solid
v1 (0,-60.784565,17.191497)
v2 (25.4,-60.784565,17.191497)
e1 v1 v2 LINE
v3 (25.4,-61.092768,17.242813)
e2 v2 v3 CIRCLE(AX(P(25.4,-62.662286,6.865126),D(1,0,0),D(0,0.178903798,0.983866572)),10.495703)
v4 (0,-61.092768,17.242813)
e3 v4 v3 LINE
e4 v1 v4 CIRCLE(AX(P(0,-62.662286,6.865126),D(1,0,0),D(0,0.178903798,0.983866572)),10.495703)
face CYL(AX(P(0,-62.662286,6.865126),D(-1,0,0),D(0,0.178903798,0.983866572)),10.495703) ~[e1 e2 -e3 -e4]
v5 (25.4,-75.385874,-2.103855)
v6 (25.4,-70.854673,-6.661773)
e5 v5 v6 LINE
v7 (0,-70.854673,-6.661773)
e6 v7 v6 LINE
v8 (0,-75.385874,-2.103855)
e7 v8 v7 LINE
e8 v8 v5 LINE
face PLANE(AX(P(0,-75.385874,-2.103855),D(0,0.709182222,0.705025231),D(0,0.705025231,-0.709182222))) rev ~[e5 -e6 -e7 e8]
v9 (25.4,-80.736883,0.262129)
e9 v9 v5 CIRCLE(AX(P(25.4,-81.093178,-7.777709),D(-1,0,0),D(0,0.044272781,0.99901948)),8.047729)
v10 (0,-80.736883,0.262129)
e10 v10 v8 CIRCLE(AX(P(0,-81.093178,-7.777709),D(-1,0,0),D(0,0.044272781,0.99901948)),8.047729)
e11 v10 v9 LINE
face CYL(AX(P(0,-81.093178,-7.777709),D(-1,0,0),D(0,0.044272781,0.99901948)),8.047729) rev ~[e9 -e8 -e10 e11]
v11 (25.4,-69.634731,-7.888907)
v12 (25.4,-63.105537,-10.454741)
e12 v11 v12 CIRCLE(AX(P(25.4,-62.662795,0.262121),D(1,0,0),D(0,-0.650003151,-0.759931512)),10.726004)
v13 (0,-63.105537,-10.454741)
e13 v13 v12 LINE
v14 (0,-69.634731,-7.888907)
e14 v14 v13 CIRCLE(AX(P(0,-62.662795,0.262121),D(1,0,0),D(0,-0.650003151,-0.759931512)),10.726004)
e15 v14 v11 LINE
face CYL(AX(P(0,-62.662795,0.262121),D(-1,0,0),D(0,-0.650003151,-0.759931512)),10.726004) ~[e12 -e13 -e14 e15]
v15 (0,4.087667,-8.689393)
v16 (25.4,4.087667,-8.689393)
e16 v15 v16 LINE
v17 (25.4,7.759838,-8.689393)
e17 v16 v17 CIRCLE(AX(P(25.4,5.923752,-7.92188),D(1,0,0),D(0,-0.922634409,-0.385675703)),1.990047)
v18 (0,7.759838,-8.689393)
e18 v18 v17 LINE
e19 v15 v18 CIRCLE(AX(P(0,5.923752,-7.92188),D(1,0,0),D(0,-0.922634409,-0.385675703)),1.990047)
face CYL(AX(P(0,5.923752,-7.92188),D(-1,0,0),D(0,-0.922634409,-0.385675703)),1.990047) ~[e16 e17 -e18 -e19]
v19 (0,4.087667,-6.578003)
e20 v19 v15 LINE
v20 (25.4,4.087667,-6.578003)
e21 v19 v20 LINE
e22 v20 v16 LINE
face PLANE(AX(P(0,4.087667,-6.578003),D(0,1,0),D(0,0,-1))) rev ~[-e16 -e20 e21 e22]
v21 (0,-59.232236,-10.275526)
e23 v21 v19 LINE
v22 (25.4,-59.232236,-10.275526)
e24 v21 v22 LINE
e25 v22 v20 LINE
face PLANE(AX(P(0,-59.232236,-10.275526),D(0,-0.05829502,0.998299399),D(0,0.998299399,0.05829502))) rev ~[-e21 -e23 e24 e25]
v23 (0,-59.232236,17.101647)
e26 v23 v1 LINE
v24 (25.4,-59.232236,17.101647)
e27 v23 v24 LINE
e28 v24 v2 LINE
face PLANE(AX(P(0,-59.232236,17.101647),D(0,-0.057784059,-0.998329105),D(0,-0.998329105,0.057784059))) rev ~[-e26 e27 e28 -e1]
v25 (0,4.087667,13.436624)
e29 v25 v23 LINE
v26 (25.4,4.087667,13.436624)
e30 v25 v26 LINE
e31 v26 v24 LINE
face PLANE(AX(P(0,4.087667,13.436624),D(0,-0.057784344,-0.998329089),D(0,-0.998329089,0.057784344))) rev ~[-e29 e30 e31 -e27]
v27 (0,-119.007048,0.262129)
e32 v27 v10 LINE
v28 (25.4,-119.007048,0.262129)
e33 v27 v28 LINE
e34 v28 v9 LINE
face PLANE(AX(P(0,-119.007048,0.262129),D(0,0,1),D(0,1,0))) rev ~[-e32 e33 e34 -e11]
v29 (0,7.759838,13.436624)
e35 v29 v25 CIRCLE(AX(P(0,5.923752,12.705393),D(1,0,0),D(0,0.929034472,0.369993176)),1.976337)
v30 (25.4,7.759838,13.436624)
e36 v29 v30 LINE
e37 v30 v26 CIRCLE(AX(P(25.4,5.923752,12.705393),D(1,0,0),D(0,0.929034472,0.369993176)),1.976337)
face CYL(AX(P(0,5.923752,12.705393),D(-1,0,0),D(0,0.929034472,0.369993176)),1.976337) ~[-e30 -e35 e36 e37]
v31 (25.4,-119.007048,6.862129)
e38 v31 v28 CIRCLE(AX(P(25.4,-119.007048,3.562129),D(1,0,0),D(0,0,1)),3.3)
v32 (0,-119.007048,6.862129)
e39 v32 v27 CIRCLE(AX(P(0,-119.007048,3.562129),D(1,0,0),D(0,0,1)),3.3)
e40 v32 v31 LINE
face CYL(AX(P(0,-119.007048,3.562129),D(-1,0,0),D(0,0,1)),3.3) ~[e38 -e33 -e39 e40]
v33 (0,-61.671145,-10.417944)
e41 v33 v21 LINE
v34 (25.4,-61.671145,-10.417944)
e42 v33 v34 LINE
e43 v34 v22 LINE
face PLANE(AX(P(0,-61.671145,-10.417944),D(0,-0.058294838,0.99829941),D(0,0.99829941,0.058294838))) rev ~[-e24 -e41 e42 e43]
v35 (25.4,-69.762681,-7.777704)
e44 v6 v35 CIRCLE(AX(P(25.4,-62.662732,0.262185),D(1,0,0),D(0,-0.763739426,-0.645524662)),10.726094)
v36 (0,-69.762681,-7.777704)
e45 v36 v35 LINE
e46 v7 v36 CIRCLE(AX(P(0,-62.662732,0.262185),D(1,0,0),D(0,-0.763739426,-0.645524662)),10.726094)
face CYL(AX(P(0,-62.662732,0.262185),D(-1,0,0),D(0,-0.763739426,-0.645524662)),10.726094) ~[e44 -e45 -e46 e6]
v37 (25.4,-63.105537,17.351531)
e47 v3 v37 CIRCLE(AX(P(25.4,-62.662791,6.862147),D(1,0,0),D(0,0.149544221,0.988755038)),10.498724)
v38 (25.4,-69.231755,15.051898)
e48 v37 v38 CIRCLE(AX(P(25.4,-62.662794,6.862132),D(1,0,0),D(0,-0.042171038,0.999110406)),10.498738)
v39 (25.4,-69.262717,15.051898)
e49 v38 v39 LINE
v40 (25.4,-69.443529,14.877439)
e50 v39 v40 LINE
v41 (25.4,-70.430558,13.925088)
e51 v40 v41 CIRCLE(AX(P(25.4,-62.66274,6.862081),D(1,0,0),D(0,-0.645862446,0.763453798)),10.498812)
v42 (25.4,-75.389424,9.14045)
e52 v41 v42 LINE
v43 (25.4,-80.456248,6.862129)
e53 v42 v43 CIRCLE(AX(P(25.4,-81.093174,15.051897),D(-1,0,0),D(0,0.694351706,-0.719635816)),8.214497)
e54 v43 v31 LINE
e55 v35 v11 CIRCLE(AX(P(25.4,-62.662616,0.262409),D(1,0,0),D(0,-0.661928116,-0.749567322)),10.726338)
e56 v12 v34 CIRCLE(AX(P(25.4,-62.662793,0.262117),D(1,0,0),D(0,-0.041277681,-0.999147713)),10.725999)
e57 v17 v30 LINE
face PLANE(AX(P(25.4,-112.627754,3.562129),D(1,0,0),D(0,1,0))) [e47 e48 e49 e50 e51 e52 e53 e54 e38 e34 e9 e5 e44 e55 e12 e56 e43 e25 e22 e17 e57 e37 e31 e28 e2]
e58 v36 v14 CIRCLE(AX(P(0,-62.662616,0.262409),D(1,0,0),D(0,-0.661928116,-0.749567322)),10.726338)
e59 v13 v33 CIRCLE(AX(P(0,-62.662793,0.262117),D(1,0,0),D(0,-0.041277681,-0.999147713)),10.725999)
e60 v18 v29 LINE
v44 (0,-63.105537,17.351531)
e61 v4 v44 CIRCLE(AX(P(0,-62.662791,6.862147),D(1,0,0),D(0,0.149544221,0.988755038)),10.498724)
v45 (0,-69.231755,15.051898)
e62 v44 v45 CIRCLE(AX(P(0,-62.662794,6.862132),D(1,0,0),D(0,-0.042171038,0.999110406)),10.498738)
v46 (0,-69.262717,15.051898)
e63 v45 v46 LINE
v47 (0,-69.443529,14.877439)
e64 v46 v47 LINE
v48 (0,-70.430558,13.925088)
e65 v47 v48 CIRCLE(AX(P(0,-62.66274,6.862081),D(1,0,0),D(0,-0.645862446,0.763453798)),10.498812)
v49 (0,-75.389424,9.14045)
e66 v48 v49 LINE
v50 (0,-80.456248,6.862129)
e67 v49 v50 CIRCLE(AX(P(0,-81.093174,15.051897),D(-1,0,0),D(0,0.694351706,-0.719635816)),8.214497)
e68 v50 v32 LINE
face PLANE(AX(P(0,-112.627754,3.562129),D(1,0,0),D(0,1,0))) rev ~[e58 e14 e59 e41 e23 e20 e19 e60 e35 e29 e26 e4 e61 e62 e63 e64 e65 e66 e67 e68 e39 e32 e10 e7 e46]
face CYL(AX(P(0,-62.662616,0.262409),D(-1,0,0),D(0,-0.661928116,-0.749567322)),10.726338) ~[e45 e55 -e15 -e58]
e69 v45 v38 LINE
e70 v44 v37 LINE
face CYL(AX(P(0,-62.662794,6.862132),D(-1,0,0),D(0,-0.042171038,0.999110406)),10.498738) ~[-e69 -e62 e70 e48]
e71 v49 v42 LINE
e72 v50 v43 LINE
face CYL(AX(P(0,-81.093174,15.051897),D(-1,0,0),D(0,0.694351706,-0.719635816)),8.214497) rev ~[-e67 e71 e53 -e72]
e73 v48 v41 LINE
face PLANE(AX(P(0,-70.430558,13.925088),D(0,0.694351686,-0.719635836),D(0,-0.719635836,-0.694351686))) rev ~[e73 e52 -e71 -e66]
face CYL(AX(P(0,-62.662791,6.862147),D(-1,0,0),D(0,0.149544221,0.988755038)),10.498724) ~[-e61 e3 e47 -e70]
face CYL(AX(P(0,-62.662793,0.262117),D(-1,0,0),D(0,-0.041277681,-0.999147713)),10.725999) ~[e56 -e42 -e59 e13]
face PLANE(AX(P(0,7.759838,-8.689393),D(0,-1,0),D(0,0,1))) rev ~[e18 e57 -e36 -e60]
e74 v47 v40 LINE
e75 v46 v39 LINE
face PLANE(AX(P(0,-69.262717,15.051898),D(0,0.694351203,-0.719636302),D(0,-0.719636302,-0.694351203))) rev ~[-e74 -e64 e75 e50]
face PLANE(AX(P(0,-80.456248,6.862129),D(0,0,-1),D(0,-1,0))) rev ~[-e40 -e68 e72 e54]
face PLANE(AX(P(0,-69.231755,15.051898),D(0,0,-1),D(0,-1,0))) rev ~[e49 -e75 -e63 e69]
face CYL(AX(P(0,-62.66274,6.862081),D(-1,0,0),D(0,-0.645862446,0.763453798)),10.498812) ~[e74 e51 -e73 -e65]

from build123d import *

# Parameters (mm, degrees)
F1_DEPTH = 25.4


with BuildPart() as f1:
    # F0 (on Right) → F1 (new body)
    with BuildSketch(Plane.YZ):
        with BuildLine():
            Line((-104.369102, 6.862129), (-119.007048, 6.862129))
            ThreePointArc((-119.007048, 6.862129), (-122.307048, 3.562129), (-119.007048, 0.262129))
            Line((-119.007048, 0.262129), (-104.369102, 0.262129))
            Line((-104.369102, 0.262129), (-104.369102, 6.862129))
        make_face()
        with BuildLine():
            Line((-81.730104, 6.862129), (-104.369102, 6.862129))
            Line((-104.369102, 6.862129), (-104.369102, 0.262129))
            Line((-104.369102, 0.262129), (-81.449468, 0.262129))
            ThreePointArc((-81.449468, 0.262129), (-81.271366, 0.268046), (-81.093176, 0.270019))
            Line((-81.093176, 0.270019), (-81.093176, 6.837399))
            ThreePointArc((-81.093176, 6.837399), (-81.41188, 6.843583), (-81.730104, 6.862129))
        make_face()
        with BuildLine():
            Line((-81.093176, 6.862129), (-81.730104, 6.862129))
            ThreePointArc((-81.730104, 6.862129), (-81.41188, 6.843583), (-81.093176, 6.837399))
            Line((-81.093176, 6.837399), (-81.093176, 6.862129))
        make_face()
        with BuildLine():
            Line((-80.456248, 6.862129), (-81.093176, 6.862129))
            Line((-81.093176, 6.862129), (-81.093176, 6.837399))
            ThreePointArc((-81.093176, 6.837399), (-80.774472, 6.843583), (-80.456248, 6.862129))
        make_face()
        with BuildLine():
            ThreePointArc((-80.456248, 6.862129), (-80.774472, 6.843583), (-81.093176, 6.837399))
            Line((-81.093176, 6.837399), (-81.093176, 0.270019))
            ThreePointArc((-81.093176, 0.270019), (-80.914986, 0.268046), (-80.736883, 0.262129))
            ThreePointArc((-80.736883, 0.262129), (-77.838754, -0.417365), (-75.385874, -2.103855))
            Line((-75.385874, -2.103855), (-70.854673, -6.661773))
            Line((-70.854673, -6.661773), (-69.745283, -7.777704))
            Line((-69.745283, -7.777704), (-69.634731, -7.888907))
            ThreePointArc((-69.634731, -7.888907), (-66.585834, -9.72071), (-63.105537, -10.454741))
            Line((-63.105537, -10.454741), (-63.105537, 17.351531))
            ThreePointArc((-63.105537, 17.351531), (-66.352384, 16.691193), (-69.231755, 15.051898))
            ThreePointArc((-69.231755, 15.051898), (-69.338212, 14.96536), (-69.443529, 14.877439))
            Line((-69.443529, 14.877439), (-70.430558, 13.925088))
            Line((-70.430558, 13.925088), (-75.389424, 9.14045))
            ThreePointArc((-75.389424, 9.14045), (-77.724386, 7.559952), (-80.456248, 6.862129))
        make_face()
        with BuildLine():
            ThreePointArc((-81.093176, 0.270019), (-81.271366, 0.268046), (-81.449468, 0.262129))
            Line((-81.449468, 0.262129), (-81.093176, 0.262129))
            Line((-81.093176, 0.262129), (-81.093176, 0.270019))
        make_face()
        with BuildLine():
            ThreePointArc((-80.736883, 0.262129), (-80.914986, 0.268046), (-81.093176, 0.270019))
            Line((-81.093176, 0.270019), (-81.093176, 0.262129))
            Line((-81.093176, 0.262129), (-80.736883, 0.262129))
        make_face()
        with BuildLine():
            ThreePointArc((-69.443529, 14.877439), (-69.952612, 14.417399), (-70.430558, 13.925088))
            Line((-70.430558, 13.925088), (-69.443529, 14.877439))
        make_face()
        with BuildLine():
            Line((-69.262717, 15.051898), (-69.443529, 14.877439))
            ThreePointArc((-69.443529, 14.877439), (-69.338212, 14.96536), (-69.231755, 15.051898))
            Line((-69.231755, 15.051898), (-69.262717, 15.051898))
        make_face()
        with BuildLine():
            Line((-69.745283, -7.777704), (-70.854673, -6.661773))
            ThreePointArc((-70.854673, -6.661773), (-70.329009, -7.239634), (-69.762681, -7.777704))
            Line((-69.762681, -7.777704), (-69.745283, -7.777704))
        make_face()
        with BuildLine():
            Line((-69.634731, -7.888907), (-69.745283, -7.777704))
            Line((-69.745283, -7.777704), (-69.762681, -7.777704))
            ThreePointArc((-69.762681, -7.777704), (-69.698926, -7.833558), (-69.634731, -7.888907))
        make_face()
        with BuildLine():
            ThreePointArc((-61.092768, 17.242813), (-62.096537, 17.345589), (-63.105537, 17.351531))
            Line((-63.105537, 17.351531), (-63.105537, -10.454741))
            ThreePointArc((-63.105537, -10.454741), (-62.387725, -10.460355), (-61.671145, -10.417944))
            Line((-61.671145, -10.417944), (-59.232236, -10.275526))
            Line((-59.232236, -10.275526), (-59.232236, 3.41306))
            Line((-59.232236, 3.41306), (-59.232236, 17.101647))
            Line((-59.232236, 17.101647), (-60.784565, 17.191497))
            Line((-60.784565, 17.191497), (-61.671145, 17.242813))
            Line((-61.671145, 17.242813), (-61.092768, 17.242813))
        make_face()
        with BuildLine():
            ThreePointArc((-60.784565, 17.191497), (-60.938476, 17.218302), (-61.092768, 17.242813))
            Line((-61.092768, 17.242813), (-61.671145, 17.242813))
            Line((-61.671145, 17.242813), (-60.784565, 17.191497))
        make_face()
        Polygon((4.087667, 13.436624), (-59.232236, 17.101647), (-59.232236, 3.41306), (4.087667, 3.41306), align=None)
        Polygon((-59.232236, 3.41306), (-59.232236, -10.275526), (4.087667, -6.578003), (4.087667, 3.41306), align=None)
        with BuildLine():
            ThreePointArc((7.759838, 13.436624), (5.923753, 14.68173), (4.087667, 13.436624))
            Line((4.087667, 13.436624), (4.087667, 3.41306))
            Line((4.087667, 3.41306), (4.087667, -6.578003))
            Line((4.087667, -6.578003), (4.087667, -8.689393))
            ThreePointArc((4.087667, -8.689393), (5.923753, -9.911927), (7.759838, -8.689393))
            Line((7.759838, -8.689393), (7.759838, 13.436624))
        make_face()
    extrude(amount=F1_DEPTH)


solid = f1.part
